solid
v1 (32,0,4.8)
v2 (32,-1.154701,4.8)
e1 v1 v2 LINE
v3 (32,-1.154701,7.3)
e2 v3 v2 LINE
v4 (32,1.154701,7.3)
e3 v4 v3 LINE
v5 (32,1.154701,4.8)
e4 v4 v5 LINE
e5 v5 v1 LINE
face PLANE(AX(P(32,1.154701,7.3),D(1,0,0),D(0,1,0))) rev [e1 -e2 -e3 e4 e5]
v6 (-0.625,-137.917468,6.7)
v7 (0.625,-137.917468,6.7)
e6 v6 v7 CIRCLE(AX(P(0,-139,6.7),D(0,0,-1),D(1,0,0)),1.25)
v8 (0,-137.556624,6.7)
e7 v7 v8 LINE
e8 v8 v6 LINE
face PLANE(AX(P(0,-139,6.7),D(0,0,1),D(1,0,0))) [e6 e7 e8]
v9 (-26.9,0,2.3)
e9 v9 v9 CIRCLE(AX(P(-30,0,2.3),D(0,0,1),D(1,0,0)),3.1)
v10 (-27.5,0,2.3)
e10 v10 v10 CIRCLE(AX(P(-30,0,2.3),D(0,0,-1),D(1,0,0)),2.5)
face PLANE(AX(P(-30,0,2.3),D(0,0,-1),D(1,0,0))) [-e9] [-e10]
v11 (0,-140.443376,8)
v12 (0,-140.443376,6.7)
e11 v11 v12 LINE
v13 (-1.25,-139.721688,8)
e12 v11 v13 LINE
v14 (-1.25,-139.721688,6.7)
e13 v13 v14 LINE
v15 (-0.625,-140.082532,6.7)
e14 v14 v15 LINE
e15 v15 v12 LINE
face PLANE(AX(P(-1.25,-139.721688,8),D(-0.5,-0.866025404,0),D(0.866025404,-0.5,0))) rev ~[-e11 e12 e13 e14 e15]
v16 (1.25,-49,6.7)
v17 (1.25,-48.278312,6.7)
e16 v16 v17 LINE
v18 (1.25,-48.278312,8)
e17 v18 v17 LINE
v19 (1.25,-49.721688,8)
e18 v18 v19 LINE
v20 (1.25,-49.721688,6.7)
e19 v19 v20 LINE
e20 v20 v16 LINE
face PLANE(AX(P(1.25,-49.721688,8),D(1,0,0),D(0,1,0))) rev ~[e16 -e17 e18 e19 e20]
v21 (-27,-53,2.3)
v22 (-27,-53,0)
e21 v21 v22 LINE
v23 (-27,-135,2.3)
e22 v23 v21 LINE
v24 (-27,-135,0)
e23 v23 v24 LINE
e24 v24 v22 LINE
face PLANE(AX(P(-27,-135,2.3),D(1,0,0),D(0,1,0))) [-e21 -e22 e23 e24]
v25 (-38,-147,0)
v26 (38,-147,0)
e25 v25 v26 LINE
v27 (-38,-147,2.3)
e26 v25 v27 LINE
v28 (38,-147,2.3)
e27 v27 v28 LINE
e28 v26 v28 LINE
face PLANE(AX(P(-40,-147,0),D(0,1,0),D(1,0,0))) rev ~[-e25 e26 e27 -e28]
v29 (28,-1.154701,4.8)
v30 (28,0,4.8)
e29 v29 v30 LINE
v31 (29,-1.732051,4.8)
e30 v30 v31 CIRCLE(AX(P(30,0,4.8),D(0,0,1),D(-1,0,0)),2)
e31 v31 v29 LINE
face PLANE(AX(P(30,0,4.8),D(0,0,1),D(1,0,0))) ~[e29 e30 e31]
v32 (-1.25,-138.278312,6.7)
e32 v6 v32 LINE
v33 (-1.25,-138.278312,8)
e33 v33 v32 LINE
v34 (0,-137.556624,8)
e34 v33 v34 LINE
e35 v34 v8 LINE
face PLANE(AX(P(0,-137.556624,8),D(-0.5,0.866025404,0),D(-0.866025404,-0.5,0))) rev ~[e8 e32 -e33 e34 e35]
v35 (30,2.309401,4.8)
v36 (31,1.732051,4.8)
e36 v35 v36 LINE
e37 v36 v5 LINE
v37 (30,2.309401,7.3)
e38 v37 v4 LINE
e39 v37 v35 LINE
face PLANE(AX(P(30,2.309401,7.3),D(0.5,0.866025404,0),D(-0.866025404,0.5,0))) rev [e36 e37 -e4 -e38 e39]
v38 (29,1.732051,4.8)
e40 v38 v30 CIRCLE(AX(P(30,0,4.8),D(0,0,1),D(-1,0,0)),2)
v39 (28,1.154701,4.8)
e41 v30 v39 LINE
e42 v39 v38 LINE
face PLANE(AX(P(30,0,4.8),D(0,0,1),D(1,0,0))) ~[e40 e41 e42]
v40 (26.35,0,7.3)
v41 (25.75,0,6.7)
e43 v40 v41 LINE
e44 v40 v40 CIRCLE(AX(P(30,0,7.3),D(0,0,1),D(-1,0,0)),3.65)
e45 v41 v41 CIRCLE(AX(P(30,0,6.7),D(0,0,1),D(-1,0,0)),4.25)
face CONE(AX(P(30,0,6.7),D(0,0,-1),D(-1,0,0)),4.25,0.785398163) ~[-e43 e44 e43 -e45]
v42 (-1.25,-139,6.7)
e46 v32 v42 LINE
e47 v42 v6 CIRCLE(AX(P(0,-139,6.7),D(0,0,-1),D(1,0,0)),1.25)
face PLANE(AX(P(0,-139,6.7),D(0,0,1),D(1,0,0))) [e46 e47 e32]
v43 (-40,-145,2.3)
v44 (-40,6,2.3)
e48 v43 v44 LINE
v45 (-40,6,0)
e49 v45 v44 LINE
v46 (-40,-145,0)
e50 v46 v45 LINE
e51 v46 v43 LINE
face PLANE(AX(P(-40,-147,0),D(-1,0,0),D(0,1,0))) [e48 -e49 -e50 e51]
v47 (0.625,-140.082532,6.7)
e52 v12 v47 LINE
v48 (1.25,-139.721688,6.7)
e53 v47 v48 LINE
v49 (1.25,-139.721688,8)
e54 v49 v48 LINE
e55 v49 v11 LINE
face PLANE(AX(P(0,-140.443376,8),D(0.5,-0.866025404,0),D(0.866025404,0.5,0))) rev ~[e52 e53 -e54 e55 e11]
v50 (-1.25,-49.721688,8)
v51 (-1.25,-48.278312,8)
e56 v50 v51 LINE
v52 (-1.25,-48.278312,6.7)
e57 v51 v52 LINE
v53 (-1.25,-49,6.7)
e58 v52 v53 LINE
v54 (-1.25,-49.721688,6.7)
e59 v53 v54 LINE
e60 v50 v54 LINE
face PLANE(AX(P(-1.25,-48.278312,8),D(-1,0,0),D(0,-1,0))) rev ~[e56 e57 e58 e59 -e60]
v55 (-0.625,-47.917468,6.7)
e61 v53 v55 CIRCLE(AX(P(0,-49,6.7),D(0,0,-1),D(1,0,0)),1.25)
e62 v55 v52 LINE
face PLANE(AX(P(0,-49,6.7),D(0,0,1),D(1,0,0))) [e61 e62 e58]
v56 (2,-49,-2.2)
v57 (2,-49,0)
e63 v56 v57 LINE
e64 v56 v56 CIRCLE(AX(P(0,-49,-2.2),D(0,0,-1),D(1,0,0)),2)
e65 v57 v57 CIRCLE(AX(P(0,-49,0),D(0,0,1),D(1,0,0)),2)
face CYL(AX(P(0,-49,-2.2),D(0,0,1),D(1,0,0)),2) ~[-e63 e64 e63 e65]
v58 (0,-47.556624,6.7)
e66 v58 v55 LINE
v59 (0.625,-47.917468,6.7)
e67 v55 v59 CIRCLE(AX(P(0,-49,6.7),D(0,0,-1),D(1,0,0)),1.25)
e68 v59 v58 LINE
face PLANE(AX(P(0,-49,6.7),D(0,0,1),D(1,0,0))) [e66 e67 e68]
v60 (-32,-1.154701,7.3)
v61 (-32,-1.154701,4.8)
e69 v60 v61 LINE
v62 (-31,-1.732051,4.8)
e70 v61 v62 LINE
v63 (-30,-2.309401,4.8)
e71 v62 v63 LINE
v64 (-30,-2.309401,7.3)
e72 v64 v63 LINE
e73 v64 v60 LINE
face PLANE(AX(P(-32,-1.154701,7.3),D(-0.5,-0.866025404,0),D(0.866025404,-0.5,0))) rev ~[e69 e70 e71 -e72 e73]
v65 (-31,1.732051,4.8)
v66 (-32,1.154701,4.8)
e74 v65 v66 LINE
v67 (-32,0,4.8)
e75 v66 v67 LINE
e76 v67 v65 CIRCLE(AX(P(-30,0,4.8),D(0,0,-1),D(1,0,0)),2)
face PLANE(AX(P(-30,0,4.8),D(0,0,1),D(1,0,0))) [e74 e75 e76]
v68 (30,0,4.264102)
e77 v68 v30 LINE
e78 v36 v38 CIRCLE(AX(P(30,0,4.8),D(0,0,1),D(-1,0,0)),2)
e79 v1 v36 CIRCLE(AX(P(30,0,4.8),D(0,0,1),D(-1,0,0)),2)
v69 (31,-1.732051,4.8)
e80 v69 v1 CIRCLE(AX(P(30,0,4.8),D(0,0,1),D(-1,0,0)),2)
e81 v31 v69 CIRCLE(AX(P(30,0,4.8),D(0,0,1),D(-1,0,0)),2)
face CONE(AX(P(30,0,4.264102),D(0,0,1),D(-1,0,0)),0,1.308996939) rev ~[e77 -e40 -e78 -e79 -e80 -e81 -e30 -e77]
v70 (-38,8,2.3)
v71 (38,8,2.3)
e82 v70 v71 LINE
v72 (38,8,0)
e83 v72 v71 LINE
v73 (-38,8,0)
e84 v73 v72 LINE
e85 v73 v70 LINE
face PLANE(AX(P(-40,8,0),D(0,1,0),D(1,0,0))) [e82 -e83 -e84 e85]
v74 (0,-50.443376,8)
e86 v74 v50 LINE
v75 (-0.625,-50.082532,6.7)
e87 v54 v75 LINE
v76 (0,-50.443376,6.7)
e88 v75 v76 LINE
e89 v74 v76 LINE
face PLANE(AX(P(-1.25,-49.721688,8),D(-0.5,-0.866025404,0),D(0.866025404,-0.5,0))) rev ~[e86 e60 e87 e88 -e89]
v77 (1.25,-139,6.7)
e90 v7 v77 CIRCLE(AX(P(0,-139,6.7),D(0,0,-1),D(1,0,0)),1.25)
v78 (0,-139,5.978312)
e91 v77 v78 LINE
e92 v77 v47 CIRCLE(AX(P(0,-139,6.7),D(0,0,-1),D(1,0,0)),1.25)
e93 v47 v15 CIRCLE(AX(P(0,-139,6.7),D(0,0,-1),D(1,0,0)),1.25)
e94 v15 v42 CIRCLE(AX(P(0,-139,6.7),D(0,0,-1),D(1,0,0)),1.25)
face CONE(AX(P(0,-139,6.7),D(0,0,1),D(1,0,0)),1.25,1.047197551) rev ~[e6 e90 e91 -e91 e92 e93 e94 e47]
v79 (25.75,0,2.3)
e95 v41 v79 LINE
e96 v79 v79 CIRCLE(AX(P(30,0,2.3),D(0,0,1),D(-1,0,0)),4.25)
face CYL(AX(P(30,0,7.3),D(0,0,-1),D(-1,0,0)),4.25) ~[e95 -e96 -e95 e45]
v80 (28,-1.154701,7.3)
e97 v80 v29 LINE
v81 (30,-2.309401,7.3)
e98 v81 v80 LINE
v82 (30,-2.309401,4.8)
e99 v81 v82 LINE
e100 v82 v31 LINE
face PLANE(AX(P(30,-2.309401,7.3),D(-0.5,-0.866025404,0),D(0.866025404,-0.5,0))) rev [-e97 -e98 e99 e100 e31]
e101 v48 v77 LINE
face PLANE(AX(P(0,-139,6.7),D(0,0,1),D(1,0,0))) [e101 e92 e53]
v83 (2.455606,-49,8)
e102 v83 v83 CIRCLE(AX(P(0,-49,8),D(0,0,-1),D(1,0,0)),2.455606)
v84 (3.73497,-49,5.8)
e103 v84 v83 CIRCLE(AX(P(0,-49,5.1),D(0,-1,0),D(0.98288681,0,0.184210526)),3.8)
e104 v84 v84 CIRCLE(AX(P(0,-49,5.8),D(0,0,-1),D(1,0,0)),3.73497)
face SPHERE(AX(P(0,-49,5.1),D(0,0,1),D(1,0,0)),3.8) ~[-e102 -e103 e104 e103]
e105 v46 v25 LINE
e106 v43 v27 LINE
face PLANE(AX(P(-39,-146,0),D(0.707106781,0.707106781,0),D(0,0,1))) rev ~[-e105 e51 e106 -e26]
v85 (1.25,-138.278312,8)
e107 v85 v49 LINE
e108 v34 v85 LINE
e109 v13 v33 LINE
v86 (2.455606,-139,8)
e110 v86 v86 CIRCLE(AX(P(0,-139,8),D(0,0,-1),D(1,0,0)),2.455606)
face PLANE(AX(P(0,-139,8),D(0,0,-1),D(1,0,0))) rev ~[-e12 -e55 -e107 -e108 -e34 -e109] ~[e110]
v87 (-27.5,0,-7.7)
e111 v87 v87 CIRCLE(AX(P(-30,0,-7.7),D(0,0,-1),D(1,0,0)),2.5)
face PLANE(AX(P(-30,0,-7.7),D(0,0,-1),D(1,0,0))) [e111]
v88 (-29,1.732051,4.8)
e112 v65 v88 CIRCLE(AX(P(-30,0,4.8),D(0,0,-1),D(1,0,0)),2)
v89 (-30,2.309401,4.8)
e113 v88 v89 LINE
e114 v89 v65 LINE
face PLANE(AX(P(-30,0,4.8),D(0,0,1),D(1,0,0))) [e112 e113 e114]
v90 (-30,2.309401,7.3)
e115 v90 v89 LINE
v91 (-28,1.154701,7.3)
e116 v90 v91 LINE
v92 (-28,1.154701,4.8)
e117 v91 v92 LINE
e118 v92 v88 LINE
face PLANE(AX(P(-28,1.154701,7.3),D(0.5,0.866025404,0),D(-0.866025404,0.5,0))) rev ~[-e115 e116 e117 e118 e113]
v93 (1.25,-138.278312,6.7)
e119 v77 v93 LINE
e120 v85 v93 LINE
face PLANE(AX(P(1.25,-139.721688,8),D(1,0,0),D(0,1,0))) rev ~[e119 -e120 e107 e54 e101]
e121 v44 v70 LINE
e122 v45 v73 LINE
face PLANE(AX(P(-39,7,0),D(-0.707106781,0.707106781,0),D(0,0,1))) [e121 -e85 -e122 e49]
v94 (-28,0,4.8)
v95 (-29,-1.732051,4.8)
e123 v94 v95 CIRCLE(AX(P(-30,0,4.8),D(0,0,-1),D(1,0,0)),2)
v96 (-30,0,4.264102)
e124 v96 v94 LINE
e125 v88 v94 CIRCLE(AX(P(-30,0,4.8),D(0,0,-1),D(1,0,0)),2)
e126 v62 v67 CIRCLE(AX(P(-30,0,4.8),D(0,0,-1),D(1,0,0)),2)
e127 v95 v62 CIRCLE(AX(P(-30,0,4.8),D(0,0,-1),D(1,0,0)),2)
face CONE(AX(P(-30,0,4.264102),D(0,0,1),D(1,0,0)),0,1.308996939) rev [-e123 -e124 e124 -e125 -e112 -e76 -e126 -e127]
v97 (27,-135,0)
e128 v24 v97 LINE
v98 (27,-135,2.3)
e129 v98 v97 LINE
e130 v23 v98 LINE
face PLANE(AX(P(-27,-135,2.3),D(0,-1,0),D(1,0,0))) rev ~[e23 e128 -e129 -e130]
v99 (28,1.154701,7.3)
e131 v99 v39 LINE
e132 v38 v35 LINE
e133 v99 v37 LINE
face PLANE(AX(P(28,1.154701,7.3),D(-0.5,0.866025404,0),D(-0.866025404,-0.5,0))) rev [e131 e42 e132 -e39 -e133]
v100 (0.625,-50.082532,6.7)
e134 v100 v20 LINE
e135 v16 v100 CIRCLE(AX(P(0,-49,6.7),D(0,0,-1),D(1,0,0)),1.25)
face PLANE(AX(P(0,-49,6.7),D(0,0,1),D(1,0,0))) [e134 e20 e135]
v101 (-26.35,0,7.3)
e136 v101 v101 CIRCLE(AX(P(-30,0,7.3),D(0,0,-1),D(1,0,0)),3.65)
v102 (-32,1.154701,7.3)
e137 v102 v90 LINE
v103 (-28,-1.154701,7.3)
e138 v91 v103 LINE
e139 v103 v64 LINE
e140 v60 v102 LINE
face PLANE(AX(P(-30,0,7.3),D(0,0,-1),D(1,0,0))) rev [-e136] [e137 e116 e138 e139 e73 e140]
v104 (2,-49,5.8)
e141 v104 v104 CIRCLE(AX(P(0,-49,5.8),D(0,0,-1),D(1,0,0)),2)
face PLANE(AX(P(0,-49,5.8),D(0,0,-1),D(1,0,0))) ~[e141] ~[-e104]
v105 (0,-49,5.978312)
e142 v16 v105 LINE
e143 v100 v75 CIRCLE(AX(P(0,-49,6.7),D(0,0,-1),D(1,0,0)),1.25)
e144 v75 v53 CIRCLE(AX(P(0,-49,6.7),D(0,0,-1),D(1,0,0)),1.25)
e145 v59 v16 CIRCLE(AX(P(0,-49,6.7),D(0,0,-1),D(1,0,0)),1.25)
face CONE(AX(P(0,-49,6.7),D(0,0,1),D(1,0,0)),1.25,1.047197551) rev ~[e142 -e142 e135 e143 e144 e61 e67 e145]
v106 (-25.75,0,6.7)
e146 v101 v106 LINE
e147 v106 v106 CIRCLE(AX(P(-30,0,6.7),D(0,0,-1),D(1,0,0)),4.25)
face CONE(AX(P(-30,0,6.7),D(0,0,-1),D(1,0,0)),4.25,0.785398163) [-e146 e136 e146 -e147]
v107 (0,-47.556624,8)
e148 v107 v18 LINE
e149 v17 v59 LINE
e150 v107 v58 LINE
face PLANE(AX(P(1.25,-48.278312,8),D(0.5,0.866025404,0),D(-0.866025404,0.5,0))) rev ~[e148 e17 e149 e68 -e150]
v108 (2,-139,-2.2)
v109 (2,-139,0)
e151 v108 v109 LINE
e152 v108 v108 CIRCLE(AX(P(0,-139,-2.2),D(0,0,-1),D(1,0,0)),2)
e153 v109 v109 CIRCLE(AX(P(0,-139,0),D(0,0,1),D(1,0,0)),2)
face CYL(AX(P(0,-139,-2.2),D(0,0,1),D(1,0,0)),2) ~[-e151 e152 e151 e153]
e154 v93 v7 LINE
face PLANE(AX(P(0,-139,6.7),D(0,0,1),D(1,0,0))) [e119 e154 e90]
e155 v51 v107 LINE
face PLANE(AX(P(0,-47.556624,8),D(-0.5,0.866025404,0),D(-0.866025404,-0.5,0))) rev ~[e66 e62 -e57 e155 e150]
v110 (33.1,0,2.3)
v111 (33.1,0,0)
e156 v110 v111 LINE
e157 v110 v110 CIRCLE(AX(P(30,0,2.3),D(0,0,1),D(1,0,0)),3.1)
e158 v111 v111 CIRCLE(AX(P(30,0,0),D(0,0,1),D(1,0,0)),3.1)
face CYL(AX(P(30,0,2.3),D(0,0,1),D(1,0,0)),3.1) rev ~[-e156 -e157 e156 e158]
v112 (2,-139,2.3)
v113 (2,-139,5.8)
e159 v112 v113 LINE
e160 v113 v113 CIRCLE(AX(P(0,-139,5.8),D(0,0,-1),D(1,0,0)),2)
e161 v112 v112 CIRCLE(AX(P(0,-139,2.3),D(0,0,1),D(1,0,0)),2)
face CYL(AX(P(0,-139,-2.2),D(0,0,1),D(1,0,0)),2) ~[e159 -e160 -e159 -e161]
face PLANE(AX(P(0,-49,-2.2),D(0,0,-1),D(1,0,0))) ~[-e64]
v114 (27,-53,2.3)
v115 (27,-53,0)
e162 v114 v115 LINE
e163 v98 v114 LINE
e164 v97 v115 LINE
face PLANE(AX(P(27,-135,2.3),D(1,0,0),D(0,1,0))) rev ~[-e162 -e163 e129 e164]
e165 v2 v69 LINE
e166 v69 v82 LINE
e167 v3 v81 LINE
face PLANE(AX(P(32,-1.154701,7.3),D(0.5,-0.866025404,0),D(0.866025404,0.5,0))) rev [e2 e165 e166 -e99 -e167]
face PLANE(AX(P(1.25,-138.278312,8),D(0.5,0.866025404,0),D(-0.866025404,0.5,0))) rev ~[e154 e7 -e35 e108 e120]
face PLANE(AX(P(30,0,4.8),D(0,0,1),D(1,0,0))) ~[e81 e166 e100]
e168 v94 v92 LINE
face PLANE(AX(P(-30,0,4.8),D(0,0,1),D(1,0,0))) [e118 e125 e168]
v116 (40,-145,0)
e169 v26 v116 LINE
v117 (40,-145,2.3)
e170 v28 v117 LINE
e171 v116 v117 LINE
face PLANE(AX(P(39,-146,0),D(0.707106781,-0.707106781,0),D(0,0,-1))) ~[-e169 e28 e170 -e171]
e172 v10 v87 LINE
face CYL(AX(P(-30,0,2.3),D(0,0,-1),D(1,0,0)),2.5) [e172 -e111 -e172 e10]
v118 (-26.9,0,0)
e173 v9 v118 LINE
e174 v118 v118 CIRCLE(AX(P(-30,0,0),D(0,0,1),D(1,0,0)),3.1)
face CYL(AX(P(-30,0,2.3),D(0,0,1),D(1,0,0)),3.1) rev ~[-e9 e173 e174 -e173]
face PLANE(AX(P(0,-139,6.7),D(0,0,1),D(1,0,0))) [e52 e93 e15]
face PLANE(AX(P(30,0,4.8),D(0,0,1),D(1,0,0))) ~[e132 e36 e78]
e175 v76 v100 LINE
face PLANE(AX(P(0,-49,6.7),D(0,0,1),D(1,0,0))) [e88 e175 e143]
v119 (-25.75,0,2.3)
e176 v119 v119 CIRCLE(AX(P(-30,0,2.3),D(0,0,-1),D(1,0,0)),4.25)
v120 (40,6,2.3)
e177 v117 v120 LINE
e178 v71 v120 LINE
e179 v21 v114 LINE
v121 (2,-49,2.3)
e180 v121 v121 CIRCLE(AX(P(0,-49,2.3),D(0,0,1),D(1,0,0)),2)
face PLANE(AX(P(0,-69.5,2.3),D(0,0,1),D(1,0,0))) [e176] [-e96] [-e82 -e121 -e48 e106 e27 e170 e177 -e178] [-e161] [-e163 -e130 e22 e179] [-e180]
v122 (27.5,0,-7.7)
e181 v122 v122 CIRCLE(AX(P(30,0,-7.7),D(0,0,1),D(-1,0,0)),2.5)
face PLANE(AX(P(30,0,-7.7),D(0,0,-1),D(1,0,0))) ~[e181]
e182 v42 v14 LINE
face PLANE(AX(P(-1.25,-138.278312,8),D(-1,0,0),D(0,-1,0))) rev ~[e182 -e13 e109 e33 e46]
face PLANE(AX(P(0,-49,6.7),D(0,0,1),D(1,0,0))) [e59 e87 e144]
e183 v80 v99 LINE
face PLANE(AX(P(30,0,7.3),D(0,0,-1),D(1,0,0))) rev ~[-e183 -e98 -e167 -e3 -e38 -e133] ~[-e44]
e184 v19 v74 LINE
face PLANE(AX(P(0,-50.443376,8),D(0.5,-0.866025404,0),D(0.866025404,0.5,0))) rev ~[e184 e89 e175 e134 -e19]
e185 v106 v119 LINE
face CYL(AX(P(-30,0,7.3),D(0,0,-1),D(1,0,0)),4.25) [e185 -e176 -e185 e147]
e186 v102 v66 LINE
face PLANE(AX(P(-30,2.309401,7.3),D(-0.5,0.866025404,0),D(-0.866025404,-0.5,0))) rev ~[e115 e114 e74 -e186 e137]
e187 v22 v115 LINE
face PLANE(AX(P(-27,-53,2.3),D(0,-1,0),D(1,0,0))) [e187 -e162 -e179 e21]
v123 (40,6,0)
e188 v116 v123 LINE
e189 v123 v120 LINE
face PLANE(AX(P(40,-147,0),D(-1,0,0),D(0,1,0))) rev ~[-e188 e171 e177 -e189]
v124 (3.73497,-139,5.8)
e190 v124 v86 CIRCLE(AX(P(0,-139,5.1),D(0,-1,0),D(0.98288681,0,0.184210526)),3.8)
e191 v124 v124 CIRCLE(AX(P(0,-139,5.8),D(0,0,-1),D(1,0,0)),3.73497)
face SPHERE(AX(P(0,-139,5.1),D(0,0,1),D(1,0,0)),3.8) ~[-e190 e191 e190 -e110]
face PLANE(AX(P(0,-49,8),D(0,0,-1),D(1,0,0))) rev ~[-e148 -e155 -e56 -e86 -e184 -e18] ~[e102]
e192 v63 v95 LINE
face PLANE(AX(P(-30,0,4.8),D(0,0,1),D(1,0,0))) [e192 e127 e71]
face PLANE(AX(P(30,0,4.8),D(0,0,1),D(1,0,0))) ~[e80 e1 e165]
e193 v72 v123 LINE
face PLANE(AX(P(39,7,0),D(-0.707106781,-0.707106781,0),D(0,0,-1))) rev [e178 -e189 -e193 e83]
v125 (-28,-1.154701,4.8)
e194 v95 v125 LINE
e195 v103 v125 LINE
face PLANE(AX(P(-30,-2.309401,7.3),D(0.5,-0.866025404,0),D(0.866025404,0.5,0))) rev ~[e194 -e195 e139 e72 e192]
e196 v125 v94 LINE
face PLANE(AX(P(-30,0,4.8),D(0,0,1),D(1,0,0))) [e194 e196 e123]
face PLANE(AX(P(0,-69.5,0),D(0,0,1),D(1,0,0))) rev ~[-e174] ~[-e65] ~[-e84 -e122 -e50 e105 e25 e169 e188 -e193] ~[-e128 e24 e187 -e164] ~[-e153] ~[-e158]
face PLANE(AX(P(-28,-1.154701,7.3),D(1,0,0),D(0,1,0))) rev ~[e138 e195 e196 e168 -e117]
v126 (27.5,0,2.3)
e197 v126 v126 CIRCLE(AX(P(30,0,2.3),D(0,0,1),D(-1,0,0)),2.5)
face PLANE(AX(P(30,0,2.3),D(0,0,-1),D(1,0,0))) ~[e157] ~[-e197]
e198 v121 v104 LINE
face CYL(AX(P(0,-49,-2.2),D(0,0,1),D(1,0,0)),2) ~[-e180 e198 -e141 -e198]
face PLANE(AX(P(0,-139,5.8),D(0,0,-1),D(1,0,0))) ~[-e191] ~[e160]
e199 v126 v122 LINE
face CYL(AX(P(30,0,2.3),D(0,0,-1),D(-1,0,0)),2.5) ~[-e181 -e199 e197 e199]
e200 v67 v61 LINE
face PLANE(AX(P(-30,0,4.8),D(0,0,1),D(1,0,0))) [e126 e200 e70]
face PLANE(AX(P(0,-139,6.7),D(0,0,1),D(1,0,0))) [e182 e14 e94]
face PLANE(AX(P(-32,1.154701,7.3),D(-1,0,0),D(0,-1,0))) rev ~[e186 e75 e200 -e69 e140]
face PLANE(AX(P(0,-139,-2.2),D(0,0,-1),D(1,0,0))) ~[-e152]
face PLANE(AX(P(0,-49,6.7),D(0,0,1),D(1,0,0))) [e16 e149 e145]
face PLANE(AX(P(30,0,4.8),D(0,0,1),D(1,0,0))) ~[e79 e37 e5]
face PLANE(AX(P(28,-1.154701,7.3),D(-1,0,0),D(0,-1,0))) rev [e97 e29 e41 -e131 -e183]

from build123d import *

# Parameters (mm, degrees)
SKETCH1_W                = 80
SKETCH1_H                = 155
BOSS_EXTRUDE1_DEPTH      = 2.3
SKETCH2_R                = 3.1
SKETCH2_W                = 54
SKETCH2_H                = 82
CUT_EXTRUDE1_DEPTH       = 153.362364119
CHAMFER1_SIZE            = 2
CUT_EXTRUDE2_DEPTH       = 2.5
CHAMFER2_SIZE            = 0.6
CHAMFER2_OF_MIRROR1_SIZE = 0.6
CUT_EXTRUDE3_DEPTH       = 1.3
LPATTERN1_COUNT          = 2
LPATTERN1_PITCH          = 90


with BuildPart() as part:
    # Sketch1 → Boss-Extrude1 (new body)
    with BuildSketch(Plane.XY):
        with Locations((0, -69.5)):
            Rectangle(SKETCH1_W, SKETCH1_H)
    extrude(amount=BOSS_EXTRUDE1_DEPTH)

    # Sketch2 → Cut-Extrude1 (cut, through all)
    with BuildSketch(Plane.XY.offset(2.3)):
        with Locations((-30, 0)):
            Circle(SKETCH2_R)
        with Locations((30, 0)):
            Circle(SKETCH2_R)
        with Locations((0, -94)):
            Rectangle(SKETCH2_W, SKETCH2_H)
    extrude(amount=-CUT_EXTRUDE1_DEPTH, mode=Mode.SUBTRACT)

    # Chamfer1
    chamfer1_edges = [part.edges().sort_by_distance(p)[0] for p in [
        (40, -147, 1.15),
        (40, 8, 1.15),
        (-40, 8, 1.15),
        (-40, -147, 1.15),
    ]]
    chamfer(chamfer1_edges, length=CHAMFER1_SIZE)

    # Sketch3 → Revolve1 (revolve)
    with BuildSketch(Plane(origin=(0, 0, 0), x_dir=(1, 0, 0), z_dir=(0, 1, 0))):
        Polygon((-28, -7.3), (-25.75, -7.3), (-25.75, -2.3), (-27.5, -2.3), (-27.5, 7.7), (-30, 7.7), (-30, -4.264101615), (-28, -4.8), align=None)
    revolve1 = revolve(axis=Axis((-30, 0, 7.3), (0, 0, -1)))

    # Sketch4 → Cut-Extrude2 (cut)
    with BuildSketch(Plane.XY.offset(7.3)):
        Polygon((-30, 2.309401077), (-32, 1.154700538), (-32, -1.154700538), (-30, -2.309401077), (-28, -1.154700538), (-28, 1.154700538), align=None)
    cut_extrude2 = extrude(amount=-CUT_EXTRUDE2_DEPTH, mode=Mode.SUBTRACT)

    # Chamfer2
    chamfer2_edges = [part.edges().sort_by_distance(p)[0] for p in [
        (-34.25, 0, 7.3),
    ]]
    chamfer(chamfer2_edges, length=CHAMFER2_SIZE)

    # Mirror1: Revolve1, Cut-Extrude2 across plane
    add(revolve1.mirror(Plane(origin=(0, 0, 0), x_dir=(0, 0, 1), z_dir=(1, 0, 0))))
    add(cut_extrude2.mirror(Plane(origin=(0, 0, 0), x_dir=(0, 0, 1), z_dir=(1, 0, 0))), mode=Mode.SUBTRACT)

    # Chamfer2 of Mirror1
    chamfer2_of_mirror1_edges = [part.edges().sort_by_distance(p)[0] for p in [
        (34.25, 0, 7.3),
    ]]
    chamfer(chamfer2_of_mirror1_edges, length=CHAMFER2_OF_MIRROR1_SIZE)

    # Sketch5 → Revolve2 (revolve)
    with BuildSketch(Plane(origin=(0, 0, 0), x_dir=(0, 0, -1), z_dir=(1, 0, 0)), mode=Mode.PRIVATE) as revolve2_sk:
        with BuildLine():
            Line((2.2, -47), (-5.8, -47))
            Line((-5.8, -47), (-5.8, -45.265030121))
            ThreePointArc((-5.8, -45.265030121), (-7.010286128, -45.715063637), (-8, -46.544394168))
            Line((-8, -46.544394168), (-8, -47.75))
            Line((-8, -47.75), (-6.7, -47.75))
            Line((-6.7, -47.75), (-5.978312164, -49))
            Line((-5.978312164, -49), (2.2, -49))
            Line((2.2, -49), (2.2, -47))
        make_face()
    revolve2 = revolve(revolve2_sk.sketch.rotate(Axis((0, -49, 8), (0, 0, -1)), 90), axis=Axis((0, -49, 8), (0, 0, -1)))

    # Sketch6 → Cut-Extrude3 (cut)
    with BuildSketch(Plane.XY.offset(8)):
        Polygon((0, -47.556624327), (-1.25, -48.278312164), (-1.25, -49.721687836), (0, -50.443375673), (1.25, -49.721687836), (1.25, -48.278312164), align=None)
    cut_extrude3 = extrude(amount=-CUT_EXTRUDE3_DEPTH, mode=Mode.SUBTRACT)

    # LPattern1: Revolve2, Cut-Extrude3 ×2
    with Locations(*[(0, -i * LPATTERN1_PITCH, 0) for i in range(1, LPATTERN1_COUNT)]):
        add(revolve2)
        add(cut_extrude3, mode=Mode.SUBTRACT)


solid = part.part
